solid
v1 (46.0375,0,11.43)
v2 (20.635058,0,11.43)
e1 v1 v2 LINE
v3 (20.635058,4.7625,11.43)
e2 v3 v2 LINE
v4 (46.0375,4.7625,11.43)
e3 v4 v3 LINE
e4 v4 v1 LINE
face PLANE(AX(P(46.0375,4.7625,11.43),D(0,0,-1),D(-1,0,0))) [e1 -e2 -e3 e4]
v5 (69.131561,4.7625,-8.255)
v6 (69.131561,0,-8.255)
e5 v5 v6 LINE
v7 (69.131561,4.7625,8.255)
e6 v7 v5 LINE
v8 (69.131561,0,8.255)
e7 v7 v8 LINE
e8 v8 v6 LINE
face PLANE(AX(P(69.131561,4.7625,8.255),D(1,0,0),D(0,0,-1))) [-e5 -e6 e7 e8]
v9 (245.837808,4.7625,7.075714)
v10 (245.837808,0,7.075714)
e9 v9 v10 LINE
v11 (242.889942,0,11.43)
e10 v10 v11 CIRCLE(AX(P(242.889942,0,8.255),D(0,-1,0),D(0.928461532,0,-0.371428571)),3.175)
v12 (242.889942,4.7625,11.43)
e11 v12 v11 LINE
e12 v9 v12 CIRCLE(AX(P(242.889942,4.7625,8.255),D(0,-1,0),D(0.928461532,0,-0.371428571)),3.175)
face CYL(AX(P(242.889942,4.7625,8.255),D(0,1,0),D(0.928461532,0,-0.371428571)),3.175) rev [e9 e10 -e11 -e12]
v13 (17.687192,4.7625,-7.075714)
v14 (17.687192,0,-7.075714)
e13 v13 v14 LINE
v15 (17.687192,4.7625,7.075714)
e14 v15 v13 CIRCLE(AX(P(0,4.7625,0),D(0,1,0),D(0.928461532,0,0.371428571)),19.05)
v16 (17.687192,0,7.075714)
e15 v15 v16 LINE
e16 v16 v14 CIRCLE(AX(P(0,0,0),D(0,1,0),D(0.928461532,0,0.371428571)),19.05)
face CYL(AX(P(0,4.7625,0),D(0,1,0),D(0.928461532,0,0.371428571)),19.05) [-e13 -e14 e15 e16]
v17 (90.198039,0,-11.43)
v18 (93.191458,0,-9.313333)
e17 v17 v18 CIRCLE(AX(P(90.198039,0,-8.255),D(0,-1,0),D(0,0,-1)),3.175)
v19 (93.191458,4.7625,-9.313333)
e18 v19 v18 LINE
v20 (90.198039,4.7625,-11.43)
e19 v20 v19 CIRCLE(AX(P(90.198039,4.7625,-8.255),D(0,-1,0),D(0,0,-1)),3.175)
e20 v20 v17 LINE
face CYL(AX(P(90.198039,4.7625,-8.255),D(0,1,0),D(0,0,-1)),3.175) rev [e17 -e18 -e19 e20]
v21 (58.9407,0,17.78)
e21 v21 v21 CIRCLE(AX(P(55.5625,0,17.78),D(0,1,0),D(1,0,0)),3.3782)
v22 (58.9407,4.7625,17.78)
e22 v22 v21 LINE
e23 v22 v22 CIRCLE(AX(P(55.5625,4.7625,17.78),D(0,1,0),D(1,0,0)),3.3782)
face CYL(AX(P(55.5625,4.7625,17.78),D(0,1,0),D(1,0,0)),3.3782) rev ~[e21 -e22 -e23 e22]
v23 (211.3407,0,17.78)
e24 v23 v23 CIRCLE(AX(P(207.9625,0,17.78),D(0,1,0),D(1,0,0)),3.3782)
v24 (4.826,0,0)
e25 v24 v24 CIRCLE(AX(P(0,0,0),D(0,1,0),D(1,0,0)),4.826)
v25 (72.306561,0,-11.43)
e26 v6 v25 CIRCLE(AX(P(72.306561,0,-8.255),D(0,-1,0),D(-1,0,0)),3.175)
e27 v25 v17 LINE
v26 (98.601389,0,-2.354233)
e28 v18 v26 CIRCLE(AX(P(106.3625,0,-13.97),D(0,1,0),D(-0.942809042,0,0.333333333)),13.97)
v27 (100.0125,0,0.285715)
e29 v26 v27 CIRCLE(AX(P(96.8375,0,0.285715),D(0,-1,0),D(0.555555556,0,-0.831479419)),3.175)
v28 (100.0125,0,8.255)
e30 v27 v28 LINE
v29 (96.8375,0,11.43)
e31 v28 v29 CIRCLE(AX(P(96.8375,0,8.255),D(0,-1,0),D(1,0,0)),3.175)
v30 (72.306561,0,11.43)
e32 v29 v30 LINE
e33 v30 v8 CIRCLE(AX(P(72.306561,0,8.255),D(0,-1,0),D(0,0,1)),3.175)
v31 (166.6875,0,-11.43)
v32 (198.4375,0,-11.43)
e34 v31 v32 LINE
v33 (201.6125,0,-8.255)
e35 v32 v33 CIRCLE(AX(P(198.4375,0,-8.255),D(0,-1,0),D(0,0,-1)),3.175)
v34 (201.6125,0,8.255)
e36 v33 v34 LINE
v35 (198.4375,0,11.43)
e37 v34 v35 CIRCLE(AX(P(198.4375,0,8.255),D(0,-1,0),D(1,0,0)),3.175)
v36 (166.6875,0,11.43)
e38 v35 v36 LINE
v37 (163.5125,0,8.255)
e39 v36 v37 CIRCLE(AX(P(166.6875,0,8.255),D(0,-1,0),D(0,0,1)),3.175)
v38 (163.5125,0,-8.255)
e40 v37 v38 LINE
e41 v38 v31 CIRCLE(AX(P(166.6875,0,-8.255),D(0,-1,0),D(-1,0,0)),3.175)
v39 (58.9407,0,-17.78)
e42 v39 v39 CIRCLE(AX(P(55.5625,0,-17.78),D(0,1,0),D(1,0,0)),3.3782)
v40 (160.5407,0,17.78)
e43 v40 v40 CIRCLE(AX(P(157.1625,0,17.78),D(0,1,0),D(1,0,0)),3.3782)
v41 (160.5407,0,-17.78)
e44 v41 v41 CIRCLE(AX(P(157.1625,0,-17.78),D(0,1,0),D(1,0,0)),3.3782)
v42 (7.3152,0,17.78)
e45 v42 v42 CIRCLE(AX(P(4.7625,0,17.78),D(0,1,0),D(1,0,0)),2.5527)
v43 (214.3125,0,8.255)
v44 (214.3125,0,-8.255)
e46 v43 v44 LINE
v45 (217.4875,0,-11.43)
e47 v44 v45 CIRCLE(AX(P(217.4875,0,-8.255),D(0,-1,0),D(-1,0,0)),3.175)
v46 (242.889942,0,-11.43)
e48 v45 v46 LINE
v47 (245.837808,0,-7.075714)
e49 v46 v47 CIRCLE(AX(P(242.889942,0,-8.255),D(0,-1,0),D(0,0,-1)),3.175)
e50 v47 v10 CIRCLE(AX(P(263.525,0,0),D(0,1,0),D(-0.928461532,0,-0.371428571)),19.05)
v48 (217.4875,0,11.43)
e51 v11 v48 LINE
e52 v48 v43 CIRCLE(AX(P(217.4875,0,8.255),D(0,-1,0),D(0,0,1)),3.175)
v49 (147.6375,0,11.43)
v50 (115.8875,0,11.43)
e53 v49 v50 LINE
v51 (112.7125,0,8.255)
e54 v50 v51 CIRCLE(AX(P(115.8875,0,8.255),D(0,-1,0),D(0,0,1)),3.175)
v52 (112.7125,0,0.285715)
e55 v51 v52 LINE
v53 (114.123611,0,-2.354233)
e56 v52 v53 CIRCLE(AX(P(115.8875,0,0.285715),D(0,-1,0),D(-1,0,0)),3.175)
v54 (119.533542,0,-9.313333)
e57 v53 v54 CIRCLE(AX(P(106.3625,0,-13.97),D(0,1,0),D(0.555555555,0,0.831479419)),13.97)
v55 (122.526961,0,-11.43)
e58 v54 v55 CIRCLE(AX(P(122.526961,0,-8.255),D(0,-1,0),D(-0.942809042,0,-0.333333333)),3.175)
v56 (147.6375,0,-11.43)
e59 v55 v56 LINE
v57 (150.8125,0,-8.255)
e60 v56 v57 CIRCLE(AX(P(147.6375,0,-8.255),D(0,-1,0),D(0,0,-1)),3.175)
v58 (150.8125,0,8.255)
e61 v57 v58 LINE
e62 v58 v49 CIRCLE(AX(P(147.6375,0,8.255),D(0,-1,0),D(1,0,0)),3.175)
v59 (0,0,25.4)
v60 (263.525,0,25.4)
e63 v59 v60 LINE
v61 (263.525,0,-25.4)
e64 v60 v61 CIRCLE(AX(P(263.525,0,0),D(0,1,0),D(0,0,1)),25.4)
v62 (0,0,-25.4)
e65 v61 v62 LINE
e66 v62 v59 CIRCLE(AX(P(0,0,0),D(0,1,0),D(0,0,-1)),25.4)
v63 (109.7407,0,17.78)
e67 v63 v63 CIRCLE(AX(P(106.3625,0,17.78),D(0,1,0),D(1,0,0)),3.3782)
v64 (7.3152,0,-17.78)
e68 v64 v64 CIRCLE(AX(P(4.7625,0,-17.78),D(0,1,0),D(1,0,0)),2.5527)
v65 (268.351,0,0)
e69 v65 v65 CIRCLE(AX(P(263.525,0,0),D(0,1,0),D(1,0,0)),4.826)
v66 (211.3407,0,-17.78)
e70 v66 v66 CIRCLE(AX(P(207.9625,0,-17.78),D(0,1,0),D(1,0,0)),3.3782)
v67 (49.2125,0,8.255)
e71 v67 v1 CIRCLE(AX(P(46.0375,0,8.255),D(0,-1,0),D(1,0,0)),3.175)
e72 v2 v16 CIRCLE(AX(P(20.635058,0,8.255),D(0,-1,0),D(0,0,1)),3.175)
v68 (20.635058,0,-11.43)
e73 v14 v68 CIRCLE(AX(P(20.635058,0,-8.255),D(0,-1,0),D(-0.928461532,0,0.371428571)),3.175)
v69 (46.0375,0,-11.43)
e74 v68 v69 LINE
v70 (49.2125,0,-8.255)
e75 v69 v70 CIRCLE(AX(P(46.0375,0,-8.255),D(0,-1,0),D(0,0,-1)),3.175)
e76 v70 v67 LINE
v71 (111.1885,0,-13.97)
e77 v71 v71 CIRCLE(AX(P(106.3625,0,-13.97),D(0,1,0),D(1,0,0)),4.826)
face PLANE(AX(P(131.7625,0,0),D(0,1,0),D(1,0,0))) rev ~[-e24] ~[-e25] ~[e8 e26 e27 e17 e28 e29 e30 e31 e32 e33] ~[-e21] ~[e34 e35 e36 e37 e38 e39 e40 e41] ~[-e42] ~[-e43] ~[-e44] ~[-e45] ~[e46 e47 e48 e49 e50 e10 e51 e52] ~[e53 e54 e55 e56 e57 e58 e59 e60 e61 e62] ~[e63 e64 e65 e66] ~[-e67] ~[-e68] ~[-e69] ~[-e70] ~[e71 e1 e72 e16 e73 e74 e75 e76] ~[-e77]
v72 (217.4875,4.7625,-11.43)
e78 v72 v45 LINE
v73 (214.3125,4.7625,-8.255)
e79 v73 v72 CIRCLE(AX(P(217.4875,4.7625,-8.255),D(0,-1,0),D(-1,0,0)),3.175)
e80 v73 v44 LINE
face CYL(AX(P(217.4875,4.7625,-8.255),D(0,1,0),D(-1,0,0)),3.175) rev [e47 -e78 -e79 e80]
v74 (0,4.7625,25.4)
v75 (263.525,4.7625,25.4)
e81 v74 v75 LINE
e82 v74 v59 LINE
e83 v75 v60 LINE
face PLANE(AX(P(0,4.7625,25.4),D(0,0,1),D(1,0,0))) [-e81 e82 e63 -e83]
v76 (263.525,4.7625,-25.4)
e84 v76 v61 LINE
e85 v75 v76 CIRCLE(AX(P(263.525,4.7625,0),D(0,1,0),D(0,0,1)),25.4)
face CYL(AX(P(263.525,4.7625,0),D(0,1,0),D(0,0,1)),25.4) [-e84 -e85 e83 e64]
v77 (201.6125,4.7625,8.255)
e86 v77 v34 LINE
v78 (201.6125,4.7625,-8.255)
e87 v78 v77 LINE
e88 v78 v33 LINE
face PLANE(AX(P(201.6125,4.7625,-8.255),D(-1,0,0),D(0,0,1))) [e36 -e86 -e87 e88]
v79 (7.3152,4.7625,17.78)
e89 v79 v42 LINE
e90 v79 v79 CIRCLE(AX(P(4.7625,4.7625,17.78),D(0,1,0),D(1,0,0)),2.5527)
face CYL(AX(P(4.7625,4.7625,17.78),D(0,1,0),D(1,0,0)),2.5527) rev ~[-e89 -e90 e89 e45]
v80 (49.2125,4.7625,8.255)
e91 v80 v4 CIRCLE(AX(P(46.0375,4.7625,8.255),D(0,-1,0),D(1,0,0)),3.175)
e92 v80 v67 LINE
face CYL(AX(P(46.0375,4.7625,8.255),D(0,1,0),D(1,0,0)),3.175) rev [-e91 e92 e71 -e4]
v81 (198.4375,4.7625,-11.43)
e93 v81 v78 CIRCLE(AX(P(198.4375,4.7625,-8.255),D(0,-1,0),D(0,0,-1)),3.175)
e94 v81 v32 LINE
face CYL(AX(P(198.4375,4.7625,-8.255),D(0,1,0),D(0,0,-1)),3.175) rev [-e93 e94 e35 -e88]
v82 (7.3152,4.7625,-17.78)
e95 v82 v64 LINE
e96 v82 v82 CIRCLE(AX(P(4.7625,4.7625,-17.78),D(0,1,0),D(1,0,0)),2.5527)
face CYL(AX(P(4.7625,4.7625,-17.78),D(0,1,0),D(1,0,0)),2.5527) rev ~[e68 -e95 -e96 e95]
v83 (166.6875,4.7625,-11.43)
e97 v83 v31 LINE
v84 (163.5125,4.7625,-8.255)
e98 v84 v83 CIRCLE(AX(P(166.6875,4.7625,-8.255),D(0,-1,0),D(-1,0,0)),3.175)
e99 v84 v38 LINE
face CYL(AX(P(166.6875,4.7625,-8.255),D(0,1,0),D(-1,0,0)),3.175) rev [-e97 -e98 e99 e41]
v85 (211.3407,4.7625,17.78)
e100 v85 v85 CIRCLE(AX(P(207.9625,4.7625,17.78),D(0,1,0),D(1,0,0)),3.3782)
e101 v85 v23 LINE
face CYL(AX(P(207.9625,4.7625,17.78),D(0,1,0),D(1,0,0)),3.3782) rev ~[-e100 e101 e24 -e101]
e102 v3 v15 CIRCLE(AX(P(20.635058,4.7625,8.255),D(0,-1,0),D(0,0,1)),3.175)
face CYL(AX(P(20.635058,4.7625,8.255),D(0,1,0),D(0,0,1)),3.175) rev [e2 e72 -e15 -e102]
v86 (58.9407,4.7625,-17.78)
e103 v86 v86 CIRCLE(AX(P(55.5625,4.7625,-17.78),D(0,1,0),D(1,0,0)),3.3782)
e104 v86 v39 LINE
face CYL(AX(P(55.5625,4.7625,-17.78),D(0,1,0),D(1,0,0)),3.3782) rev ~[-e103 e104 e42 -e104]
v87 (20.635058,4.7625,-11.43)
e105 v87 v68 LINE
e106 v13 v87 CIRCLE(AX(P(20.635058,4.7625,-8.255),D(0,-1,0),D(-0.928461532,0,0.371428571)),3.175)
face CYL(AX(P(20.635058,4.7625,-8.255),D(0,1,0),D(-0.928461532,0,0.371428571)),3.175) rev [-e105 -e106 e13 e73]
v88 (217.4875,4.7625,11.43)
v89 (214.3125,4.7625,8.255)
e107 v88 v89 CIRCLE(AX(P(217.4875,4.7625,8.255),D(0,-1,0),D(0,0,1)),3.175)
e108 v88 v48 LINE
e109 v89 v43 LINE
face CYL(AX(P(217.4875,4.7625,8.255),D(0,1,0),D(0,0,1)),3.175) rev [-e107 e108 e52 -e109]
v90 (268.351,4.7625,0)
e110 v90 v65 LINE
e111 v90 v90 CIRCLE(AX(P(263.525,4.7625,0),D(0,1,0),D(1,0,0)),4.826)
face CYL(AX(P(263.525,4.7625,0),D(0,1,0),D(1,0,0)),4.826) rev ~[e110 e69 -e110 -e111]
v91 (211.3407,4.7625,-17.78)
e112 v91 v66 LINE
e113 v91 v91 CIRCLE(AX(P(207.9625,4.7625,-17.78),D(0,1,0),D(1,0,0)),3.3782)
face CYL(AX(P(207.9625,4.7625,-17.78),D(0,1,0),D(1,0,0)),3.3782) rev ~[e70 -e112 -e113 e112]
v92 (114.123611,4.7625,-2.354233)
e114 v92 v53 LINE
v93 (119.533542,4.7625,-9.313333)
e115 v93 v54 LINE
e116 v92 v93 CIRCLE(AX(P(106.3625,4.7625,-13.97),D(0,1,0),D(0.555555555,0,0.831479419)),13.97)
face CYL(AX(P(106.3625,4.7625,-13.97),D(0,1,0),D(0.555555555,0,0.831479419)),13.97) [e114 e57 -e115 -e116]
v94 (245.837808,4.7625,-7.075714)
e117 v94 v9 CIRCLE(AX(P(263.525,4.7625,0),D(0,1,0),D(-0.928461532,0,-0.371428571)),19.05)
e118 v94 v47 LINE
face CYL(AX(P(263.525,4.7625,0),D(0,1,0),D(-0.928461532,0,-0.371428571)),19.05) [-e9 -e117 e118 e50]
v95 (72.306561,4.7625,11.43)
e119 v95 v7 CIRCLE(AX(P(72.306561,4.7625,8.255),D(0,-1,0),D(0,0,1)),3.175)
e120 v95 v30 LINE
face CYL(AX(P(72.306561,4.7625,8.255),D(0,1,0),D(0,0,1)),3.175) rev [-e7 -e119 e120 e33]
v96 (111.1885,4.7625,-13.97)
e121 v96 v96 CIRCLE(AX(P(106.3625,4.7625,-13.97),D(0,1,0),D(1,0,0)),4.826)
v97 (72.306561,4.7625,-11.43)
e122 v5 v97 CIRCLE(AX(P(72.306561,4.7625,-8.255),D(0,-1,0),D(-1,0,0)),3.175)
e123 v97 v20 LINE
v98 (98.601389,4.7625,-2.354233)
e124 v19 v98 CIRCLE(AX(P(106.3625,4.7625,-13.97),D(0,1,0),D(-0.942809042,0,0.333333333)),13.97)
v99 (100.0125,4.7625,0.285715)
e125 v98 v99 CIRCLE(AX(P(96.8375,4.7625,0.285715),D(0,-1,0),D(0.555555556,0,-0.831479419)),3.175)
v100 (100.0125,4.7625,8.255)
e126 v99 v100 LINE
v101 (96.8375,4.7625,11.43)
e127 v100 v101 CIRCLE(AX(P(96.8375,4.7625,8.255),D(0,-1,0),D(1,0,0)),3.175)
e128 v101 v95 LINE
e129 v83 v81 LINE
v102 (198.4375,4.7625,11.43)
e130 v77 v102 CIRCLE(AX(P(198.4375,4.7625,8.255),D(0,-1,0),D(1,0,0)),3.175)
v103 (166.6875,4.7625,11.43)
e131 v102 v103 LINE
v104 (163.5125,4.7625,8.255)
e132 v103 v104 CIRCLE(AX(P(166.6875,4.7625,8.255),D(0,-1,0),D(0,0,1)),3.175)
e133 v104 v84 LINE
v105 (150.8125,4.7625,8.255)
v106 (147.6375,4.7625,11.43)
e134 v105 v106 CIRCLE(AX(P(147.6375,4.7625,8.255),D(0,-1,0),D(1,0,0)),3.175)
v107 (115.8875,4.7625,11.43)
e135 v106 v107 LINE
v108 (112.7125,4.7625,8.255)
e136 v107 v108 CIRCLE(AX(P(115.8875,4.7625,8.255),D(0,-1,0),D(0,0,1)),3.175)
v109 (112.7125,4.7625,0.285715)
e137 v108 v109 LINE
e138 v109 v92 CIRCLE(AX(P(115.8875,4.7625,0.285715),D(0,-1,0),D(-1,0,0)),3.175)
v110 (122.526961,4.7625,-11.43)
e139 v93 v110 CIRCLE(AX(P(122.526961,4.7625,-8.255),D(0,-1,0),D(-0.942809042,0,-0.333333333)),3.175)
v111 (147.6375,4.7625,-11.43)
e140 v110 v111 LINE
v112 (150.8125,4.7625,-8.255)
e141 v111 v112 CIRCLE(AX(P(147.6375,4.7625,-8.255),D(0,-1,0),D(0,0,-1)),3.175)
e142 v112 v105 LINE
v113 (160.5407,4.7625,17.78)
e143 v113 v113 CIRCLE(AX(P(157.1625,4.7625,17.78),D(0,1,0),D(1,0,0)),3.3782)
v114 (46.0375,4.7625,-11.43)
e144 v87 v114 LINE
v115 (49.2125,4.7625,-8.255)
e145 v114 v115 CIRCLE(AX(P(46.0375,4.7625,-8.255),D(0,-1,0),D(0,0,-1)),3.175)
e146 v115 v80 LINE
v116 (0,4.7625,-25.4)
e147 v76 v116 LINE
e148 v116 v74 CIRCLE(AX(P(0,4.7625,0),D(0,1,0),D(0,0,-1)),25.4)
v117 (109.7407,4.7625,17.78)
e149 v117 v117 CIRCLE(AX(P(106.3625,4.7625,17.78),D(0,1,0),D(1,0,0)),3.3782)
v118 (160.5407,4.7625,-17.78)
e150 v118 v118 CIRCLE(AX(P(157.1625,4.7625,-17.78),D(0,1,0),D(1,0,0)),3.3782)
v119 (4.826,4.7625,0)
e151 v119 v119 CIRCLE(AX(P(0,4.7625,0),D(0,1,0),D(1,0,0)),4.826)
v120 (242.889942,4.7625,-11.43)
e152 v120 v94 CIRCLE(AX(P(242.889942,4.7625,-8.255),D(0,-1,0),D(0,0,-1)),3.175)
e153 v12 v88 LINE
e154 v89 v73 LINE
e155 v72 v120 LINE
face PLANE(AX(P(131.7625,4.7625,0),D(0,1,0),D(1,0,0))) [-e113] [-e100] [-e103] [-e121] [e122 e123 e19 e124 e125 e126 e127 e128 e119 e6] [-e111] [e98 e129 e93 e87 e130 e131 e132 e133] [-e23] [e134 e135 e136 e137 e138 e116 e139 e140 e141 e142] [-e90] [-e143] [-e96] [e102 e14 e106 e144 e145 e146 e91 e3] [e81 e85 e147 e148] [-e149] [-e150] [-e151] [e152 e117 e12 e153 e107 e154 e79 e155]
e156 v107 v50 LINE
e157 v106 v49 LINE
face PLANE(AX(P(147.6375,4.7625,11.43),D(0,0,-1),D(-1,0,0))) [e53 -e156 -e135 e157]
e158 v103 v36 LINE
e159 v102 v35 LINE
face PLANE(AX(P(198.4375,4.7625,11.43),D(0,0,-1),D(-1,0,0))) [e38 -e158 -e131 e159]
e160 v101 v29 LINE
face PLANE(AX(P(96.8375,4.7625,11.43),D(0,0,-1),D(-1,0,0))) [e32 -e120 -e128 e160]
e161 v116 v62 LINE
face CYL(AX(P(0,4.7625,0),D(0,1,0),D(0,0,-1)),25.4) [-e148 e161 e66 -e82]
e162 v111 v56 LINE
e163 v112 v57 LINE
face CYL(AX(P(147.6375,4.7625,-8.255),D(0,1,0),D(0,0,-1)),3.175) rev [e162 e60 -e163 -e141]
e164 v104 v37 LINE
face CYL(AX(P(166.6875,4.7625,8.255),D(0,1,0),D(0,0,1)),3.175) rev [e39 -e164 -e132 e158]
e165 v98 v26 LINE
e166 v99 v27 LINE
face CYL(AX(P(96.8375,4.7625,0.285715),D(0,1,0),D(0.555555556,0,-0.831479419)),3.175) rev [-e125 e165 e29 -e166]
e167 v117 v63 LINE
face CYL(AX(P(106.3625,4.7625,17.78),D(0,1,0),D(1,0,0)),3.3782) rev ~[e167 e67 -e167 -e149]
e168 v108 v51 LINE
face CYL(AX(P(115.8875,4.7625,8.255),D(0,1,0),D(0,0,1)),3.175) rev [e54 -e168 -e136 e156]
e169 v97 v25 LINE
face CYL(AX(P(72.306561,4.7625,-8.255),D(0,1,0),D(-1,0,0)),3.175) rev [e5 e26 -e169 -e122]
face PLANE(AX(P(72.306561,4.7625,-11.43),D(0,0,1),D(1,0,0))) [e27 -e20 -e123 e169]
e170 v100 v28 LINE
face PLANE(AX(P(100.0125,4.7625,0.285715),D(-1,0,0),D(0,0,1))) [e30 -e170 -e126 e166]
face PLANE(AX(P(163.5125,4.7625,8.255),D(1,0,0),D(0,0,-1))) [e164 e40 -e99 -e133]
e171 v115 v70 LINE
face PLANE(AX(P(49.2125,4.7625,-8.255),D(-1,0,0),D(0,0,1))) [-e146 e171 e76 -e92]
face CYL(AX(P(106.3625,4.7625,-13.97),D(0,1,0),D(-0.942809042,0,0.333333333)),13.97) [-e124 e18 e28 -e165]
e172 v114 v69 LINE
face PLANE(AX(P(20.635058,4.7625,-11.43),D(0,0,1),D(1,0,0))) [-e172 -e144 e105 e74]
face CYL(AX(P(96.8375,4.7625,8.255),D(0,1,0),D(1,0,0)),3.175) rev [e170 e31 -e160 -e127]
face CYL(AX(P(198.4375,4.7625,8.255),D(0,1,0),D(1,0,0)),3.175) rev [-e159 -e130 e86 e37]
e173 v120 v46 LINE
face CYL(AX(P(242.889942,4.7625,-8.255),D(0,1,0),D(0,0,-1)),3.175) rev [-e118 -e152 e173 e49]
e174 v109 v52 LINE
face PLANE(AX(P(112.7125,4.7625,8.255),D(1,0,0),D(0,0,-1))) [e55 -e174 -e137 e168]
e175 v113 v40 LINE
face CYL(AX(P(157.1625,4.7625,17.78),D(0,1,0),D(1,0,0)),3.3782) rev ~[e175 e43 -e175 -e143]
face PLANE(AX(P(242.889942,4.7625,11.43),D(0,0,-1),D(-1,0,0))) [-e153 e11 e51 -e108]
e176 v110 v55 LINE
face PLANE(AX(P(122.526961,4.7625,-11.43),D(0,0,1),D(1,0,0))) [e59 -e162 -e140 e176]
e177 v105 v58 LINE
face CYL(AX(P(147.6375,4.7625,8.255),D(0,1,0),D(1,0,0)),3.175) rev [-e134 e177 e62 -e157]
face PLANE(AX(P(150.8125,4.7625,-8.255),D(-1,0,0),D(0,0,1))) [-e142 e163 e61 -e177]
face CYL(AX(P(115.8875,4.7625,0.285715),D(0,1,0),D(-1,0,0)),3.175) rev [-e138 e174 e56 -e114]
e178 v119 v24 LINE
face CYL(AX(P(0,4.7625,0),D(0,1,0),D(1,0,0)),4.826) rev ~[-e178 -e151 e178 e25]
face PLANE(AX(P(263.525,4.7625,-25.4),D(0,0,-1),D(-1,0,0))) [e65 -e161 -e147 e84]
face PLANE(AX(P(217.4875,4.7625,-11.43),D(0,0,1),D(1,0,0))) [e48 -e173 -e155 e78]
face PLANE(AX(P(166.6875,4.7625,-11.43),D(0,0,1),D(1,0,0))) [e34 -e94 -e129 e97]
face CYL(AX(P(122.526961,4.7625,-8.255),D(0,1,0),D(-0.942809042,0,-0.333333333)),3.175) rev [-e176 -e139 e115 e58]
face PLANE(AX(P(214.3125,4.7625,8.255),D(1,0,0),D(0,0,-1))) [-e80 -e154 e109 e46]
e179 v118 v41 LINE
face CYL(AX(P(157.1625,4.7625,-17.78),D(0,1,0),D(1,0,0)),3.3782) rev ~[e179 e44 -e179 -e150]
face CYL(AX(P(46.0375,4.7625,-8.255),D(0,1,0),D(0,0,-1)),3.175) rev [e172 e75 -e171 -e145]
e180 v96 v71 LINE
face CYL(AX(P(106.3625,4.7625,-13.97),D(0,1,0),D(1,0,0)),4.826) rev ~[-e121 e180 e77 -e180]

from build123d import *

# Parameters (mm, degrees)
SKETCH1_R           = 4.826
SKETCH1_R_2         = 3.3782
SKETCH1_R_3         = 2.5527
BOSS_EXTRUDE1_DEPTH = 4.7625


with BuildPart() as part:
    # Sketch1 → Boss-Extrude1 (new body)
    with BuildSketch(Plane(origin=(0, 4.7625, 0), x_dir=(1, 0, 0), z_dir=(0, 1, 0))):
        with BuildLine():
            Line((263.525, 25.4), (0, 25.4))
            ThreePointArc((0, 25.4), (-25.4, 0), (0, -25.4))
            Line((0, -25.4), (263.525, -25.4))
            ThreePointArc((263.525, -25.4), (288.925, 0), (263.525, 25.4))
        make_face()
        Circle(SKETCH1_R, mode=Mode.SUBTRACT)
        with Locations((263.525, 0)):
            Circle(SKETCH1_R, mode=Mode.SUBTRACT)
        with Locations((55.5625, -17.78)):
            Circle(SKETCH1_R_2, mode=Mode.SUBTRACT)
        with Locations((4.7625, -17.78)):
            Circle(SKETCH1_R_3, mode=Mode.SUBTRACT)
        with Locations((207.9625, 17.78)):
            Circle(SKETCH1_R_2, mode=Mode.SUBTRACT)
        with Locations((106.3625, -17.78)):
            Circle(SKETCH1_R_2, mode=Mode.SUBTRACT)
        with Locations((157.1625, -17.78)):
            Circle(SKETCH1_R_2, mode=Mode.SUBTRACT)
        with Locations((207.9625, -17.78)):
            Circle(SKETCH1_R_2, mode=Mode.SUBTRACT)
        with Locations((157.1625, 17.78)):
            Circle(SKETCH1_R_2, mode=Mode.SUBTRACT)
        with Locations((4.7625, 17.78)):
            Circle(SKETCH1_R_3, mode=Mode.SUBTRACT)
        with Locations((55.5625, 17.78)):
            Circle(SKETCH1_R_2, mode=Mode.SUBTRACT)
        with Locations((106.3625, 13.97)):
            Circle(SKETCH1_R, mode=Mode.SUBTRACT)
        with BuildLine():
            Line((166.6875, 11.43), (198.4375, 11.43))
            ThreePointArc((198.4375, 11.43), (200.68256403, 10.50006403), (201.6125, 8.255))
            Line((201.6125, 8.255), (201.6125, -8.255))
            ThreePointArc((201.6125, -8.255), (200.68256403, -10.50006403), (198.4375, -11.43))
            Line((198.4375, -11.43), (166.6875, -11.43))
            ThreePointArc((166.6875, -11.43), (164.44243597, -10.50006403), (163.5125, -8.255))
            Line((163.5125, -8.255), (163.5125, 8.255))
            ThreePointArc((163.5125, 8.255), (164.44243597, 10.50006403), (166.6875, 11.43))
        make_face(mode=Mode.SUBTRACT)
        with BuildLine():
            Line((122.526961018, 11.43), (147.6375, 11.43))
            ThreePointArc((147.6375, 11.43), (149.88256403, 10.50006403), (150.8125, 8.255))
            Line((150.8125, 8.255), (150.8125, -8.255))
            ThreePointArc((150.8125, -8.255), (149.88256403, -10.50006403), (147.6375, -11.43))
            Line((147.6375, -11.43), (115.8875, -11.43))
            ThreePointArc((115.8875, -11.43), (113.64243597, -10.50006403), (112.7125, -8.255))
            Line((112.7125, -8.255), (112.7125, -0.285714644))
            ThreePointArc((112.7125, -0.285714644), (113.087413196, 1.21099471), (114.123611111, 2.354232513))
            ThreePointArc((114.123611111, 2.354232513), (117.391826035, 5.39591887), (119.533542311, 9.313333333))
            ThreePointArc((119.533542311, 9.313333333), (120.693873913, 10.847376644), (122.526961018, 11.43))
        make_face(mode=Mode.SUBTRACT)
        with BuildLine():
            Line((72.306560788, 11.43), (90.198038982, 11.43))
            ThreePointArc((90.198038982, 11.43), (92.031126087, 10.847376644), (93.191457689, 9.313333333))
            ThreePointArc((93.191457689, 9.313333333), (95.333173965, 5.39591887), (98.601388889, 2.354232513))
            ThreePointArc((98.601388889, 2.354232513), (99.637586804, 1.21099471), (100.0125, -0.285714644))
            Line((100.0125, -0.285714644), (100.0125, -8.255))
            ThreePointArc((100.0125, -8.255), (99.08256403, -10.50006403), (96.8375, -11.43))
            Line((96.8375, -11.43), (72.306560788, -11.43))
            ThreePointArc((72.306560788, -11.43), (70.061496758, -10.50006403), (69.131560788, -8.255))
            Line((69.131560788, -8.255), (69.131560788, 8.255))
            ThreePointArc((69.131560788, 8.255), (70.061496758, 10.50006403), (72.306560788, 11.43))
        make_face(mode=Mode.SUBTRACT)
        with BuildLine():
            Line((20.635057548, 11.43), (46.0375, 11.43))
            ThreePointArc((46.0375, 11.43), (48.28256403, 10.50006403), (49.2125, 8.255))
            Line((49.2125, 8.255), (49.2125, -8.255))
            ThreePointArc((49.2125, -8.255), (48.28256403, -10.50006403), (46.0375, -11.43))
            Line((46.0375, -11.43), (20.635057548, -11.43))
            ThreePointArc((20.635057548, -11.43), (18.005907767, -10.034942816), (17.687192184, -7.075714286))
            ThreePointArc((17.687192184, -7.075714286), (19.05, 0), (17.687192184, 7.075714286))
            ThreePointArc((17.687192184, 7.075714286), (18.005907767, 10.034942816), (20.635057548, 11.43))
        make_face(mode=Mode.SUBTRACT)
        with BuildLine():
            Line((242.889942452, -11.43), (217.4875, -11.43))
            ThreePointArc((217.4875, -11.43), (215.24243597, -10.50006403), (214.3125, -8.255))
            Line((214.3125, -8.255), (214.3125, 8.255))
            ThreePointArc((214.3125, 8.255), (215.24243597, 10.50006403), (217.4875, 11.43))
            Line((217.4875, 11.43), (242.889942452, 11.43))
            ThreePointArc((242.889942452, 11.43), (245.519092233, 10.034942816), (245.837807816, 7.075714286))
            ThreePointArc((245.837807816, 7.075714286), (244.475, 0), (245.837807816, -7.075714286))
            ThreePointArc((245.837807816, -7.075714286), (245.519092233, -10.034942816), (242.889942452, -11.43))
        make_face(mode=Mode.SUBTRACT)
    extrude(amount=-BOSS_EXTRUDE1_DEPTH)


solid = part.part
